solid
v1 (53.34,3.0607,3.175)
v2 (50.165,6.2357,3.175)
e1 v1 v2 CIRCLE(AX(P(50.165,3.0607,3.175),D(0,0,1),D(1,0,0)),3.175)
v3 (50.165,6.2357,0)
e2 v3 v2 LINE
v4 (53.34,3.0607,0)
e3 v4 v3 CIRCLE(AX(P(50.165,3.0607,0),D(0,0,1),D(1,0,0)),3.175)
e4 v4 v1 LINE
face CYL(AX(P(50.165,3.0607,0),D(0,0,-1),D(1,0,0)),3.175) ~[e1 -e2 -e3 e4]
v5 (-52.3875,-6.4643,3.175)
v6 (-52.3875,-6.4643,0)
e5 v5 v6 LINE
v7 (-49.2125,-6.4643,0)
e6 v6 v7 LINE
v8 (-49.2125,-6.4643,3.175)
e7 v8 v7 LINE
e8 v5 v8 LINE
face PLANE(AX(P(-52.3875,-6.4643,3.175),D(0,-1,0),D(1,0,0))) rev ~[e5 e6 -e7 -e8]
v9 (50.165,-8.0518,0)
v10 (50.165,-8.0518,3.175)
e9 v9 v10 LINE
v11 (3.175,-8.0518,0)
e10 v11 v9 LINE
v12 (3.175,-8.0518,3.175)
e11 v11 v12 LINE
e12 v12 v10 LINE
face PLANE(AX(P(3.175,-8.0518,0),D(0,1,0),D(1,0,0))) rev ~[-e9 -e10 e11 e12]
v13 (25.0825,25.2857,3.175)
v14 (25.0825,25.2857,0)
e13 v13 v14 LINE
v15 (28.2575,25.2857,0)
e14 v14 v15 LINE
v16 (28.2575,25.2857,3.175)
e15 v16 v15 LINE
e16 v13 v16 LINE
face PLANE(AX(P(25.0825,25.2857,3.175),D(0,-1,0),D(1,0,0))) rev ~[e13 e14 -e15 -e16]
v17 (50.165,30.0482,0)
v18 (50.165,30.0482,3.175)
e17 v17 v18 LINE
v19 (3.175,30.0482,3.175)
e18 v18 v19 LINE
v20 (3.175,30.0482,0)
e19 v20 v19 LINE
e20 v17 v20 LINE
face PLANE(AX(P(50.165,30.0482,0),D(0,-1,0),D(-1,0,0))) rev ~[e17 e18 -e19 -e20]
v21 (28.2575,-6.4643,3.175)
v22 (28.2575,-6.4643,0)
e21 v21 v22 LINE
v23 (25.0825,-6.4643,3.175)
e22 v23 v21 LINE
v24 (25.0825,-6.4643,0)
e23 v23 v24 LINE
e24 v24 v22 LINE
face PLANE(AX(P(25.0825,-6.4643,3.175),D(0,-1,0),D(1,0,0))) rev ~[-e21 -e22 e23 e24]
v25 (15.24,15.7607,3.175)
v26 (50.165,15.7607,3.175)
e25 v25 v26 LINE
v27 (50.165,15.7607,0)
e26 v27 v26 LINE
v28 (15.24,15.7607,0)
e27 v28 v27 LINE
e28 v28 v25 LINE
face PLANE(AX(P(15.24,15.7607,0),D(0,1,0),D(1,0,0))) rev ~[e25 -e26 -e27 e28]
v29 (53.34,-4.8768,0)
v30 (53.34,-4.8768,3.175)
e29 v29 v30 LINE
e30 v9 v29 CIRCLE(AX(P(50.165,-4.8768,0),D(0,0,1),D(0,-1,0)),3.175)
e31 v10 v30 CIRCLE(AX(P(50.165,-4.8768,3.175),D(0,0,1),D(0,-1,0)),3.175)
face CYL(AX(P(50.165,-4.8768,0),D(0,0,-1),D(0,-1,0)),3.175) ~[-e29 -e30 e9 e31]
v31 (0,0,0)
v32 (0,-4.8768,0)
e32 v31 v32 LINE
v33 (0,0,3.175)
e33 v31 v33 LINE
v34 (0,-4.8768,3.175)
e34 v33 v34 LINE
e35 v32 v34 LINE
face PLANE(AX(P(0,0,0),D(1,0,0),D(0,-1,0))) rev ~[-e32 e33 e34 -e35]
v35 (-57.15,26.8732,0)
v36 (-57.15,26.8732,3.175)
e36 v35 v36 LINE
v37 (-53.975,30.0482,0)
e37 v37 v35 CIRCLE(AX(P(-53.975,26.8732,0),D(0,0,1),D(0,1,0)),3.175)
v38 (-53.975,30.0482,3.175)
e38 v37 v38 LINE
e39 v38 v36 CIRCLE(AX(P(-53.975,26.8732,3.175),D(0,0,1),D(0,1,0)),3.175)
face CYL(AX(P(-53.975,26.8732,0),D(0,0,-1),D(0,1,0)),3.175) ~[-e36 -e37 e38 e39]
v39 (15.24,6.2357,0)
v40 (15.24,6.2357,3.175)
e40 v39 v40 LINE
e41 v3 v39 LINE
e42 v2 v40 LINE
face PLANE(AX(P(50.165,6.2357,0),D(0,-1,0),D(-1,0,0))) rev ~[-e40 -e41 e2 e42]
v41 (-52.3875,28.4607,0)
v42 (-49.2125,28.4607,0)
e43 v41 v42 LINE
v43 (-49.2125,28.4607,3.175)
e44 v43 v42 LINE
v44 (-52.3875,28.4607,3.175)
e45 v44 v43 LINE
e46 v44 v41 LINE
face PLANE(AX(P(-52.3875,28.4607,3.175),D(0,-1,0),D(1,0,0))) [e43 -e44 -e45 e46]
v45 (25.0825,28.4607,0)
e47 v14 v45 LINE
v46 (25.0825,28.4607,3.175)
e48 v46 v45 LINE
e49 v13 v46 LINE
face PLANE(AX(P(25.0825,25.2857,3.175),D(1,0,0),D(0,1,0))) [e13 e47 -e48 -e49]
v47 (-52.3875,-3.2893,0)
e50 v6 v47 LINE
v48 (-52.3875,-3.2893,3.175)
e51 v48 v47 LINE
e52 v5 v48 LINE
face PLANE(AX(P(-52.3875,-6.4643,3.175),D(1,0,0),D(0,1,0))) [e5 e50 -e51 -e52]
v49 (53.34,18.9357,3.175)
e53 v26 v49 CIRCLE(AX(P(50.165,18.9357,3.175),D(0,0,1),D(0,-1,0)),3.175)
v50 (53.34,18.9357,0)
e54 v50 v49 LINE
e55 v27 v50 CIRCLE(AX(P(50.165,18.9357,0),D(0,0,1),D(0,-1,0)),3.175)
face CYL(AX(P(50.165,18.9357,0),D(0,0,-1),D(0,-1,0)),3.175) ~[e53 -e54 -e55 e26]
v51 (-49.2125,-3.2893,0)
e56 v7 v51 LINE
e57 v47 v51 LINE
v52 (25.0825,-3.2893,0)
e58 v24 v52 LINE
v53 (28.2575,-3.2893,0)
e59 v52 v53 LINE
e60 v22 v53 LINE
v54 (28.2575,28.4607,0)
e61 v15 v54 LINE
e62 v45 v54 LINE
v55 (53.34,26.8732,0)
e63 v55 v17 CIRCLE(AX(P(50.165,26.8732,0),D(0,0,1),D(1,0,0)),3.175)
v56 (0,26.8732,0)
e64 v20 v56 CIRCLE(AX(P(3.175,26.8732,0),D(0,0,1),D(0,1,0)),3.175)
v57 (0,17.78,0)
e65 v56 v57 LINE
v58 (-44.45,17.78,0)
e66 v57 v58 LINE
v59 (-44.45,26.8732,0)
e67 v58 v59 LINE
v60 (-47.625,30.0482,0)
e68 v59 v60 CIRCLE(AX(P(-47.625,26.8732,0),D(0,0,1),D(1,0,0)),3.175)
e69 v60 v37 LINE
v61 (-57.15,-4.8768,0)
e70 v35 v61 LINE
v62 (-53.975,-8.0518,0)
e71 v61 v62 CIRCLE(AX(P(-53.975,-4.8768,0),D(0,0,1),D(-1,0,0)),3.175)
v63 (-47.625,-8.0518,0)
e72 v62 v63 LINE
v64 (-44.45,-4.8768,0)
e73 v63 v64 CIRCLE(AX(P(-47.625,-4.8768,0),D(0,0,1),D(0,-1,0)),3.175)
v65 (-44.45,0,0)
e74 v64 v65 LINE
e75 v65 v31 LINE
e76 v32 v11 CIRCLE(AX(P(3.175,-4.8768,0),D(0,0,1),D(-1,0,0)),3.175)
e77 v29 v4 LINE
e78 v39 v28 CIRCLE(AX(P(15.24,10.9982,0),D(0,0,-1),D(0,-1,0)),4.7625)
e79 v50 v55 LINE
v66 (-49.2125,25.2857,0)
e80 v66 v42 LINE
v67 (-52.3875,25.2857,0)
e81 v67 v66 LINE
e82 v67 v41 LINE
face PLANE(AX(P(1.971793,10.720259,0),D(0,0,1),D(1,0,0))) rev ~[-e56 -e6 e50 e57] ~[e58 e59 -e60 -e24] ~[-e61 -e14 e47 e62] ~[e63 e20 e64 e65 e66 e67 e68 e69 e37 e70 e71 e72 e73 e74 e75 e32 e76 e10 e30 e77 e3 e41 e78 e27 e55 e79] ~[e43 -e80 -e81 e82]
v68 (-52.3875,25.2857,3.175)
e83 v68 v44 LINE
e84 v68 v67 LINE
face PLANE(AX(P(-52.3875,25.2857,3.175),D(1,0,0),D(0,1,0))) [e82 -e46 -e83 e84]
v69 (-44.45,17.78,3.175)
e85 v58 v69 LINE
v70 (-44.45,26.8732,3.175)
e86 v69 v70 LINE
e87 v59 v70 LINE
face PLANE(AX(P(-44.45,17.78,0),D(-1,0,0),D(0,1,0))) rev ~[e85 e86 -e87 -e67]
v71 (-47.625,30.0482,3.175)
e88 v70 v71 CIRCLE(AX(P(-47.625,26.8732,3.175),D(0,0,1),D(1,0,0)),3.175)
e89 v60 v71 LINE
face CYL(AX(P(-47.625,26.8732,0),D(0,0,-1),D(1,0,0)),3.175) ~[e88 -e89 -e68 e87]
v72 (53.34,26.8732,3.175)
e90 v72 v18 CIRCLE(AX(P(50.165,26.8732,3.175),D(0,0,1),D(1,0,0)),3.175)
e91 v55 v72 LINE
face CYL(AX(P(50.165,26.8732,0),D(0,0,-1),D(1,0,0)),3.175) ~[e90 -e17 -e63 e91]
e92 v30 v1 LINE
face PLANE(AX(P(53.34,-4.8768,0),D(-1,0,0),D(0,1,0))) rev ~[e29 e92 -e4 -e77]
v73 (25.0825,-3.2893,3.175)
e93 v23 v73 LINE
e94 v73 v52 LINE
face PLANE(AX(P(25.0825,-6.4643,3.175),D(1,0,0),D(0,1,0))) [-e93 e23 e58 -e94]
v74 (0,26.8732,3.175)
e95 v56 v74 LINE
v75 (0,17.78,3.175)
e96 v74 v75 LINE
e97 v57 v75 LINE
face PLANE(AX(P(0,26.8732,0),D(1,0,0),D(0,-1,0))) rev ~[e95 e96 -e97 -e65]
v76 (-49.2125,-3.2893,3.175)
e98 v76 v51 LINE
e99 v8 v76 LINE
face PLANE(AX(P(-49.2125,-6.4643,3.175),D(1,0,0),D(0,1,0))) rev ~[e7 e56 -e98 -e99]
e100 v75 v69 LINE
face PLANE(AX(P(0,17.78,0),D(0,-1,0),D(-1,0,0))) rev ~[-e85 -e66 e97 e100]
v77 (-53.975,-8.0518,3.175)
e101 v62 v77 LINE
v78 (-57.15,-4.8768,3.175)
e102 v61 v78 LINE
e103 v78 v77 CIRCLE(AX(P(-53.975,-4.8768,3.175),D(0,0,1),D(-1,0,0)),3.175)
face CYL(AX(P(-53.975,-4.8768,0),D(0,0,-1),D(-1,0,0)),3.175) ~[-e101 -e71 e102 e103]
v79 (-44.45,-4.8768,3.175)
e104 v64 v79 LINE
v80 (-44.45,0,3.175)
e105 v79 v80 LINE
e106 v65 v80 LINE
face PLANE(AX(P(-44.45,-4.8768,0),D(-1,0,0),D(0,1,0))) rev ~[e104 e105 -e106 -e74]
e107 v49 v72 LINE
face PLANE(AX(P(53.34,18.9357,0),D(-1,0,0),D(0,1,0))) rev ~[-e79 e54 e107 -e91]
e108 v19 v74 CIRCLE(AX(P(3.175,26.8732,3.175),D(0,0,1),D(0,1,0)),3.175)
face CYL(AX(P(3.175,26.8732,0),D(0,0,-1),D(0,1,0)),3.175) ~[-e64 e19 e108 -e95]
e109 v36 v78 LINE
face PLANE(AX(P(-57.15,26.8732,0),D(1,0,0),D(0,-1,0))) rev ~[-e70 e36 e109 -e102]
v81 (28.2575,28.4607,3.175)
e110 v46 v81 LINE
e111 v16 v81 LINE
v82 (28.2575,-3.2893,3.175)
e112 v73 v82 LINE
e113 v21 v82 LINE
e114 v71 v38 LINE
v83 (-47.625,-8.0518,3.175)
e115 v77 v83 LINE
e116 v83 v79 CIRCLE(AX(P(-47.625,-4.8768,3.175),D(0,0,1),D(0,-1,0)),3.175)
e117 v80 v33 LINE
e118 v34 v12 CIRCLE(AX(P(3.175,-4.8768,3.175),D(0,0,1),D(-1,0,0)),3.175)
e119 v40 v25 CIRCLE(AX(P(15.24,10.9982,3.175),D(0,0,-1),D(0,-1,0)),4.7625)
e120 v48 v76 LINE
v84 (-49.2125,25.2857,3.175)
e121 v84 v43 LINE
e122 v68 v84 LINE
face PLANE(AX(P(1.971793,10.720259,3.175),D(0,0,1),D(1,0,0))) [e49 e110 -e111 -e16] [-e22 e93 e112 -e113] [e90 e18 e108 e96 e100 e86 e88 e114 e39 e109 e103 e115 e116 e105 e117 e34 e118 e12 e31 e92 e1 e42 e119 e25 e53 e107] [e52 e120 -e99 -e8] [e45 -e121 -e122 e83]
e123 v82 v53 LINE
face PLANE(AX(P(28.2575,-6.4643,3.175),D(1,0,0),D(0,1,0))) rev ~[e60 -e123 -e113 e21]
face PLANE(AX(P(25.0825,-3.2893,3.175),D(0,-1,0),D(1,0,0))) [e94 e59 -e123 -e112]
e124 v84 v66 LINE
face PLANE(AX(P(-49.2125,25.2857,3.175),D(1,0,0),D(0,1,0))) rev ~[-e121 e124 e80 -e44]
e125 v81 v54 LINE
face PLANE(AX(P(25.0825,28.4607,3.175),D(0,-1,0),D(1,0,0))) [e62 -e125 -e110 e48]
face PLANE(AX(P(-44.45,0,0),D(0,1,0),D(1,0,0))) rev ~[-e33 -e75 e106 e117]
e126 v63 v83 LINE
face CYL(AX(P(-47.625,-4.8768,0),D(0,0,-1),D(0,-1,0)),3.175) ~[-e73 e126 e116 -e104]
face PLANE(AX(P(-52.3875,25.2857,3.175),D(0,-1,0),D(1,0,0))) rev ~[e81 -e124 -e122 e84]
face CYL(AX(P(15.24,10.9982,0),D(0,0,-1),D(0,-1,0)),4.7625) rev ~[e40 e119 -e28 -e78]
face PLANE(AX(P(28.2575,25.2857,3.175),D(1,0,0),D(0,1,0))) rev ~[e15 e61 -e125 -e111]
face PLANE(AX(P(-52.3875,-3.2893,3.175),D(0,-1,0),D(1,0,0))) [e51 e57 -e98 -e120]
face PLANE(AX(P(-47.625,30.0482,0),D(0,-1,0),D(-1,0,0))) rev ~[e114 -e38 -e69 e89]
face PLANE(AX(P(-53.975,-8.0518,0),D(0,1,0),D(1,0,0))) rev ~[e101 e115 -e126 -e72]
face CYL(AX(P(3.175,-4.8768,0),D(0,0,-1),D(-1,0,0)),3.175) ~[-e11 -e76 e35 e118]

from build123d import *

# Parameters (mm, degrees)
BOSS_EXTRUDE1_DEPTH     = 3.175
SKETCH2_W               = 3.175
SKETCH2_H               = 3.175
CUT_EXTRUDE1_DEPTH      = 1
CUT_EXTRUDE1_DEPTH_BACK = 4.175


with BuildPart() as part:
    # Sketch1 → Boss-Extrude1 (new body)
    with BuildSketch(Plane.XY):
        with BuildLine():
            Line((15.24, 15.7607), (50.165, 15.7607))
            ThreePointArc((50.165, 15.7607), (52.41006403, 16.69063597), (53.34, 18.9357))
            Line((53.34, 18.9357), (53.34, 26.8732))
            ThreePointArc((53.34, 26.8732), (52.41006403, 29.11826403), (50.165, 30.0482))
            Line((50.165, 30.0482), (3.175, 30.0482))
            ThreePointArc((3.175, 30.0482), (0.92993597, 29.11826403), (0, 26.8732))
            Line((0, 26.8732), (0, 17.78))
            Line((0, 17.78), (-44.45, 17.78))
            Line((-44.45, 17.78), (-44.45, 26.8732))
            ThreePointArc((-44.45, 26.8732), (-45.37993597, 29.11826403), (-47.625, 30.0482))
            Line((-47.625, 30.0482), (-53.975, 30.0482))
            ThreePointArc((-53.975, 30.0482), (-56.22006403, 29.11826403), (-57.15, 26.8732))
            Line((-57.15, 26.8732), (-57.15, -4.8768))
            ThreePointArc((-57.15, -4.8768), (-56.22006403, -7.12186403), (-53.975, -8.0518))
            Line((-53.975, -8.0518), (-47.625, -8.0518))
            ThreePointArc((-47.625, -8.0518), (-45.37993597, -7.12186403), (-44.45, -4.8768))
            Line((-44.45, -4.8768), (-44.45, 0))
            Line((-44.45, 0), (0, 0))
            Line((0, 0), (0, -4.8768))
            ThreePointArc((0, -4.8768), (0.92993597, -7.12186403), (3.175, -8.0518))
            Line((3.175, -8.0518), (50.165, -8.0518))
            ThreePointArc((50.165, -8.0518), (52.41006403, -7.12186403), (53.34, -4.8768))
            Line((53.34, -4.8768), (53.34, 3.0607))
            ThreePointArc((53.34, 3.0607), (52.41006403, 5.30576403), (50.165, 6.2357))
            Line((50.165, 6.2357), (15.24, 6.2357))
            ThreePointArc((15.24, 6.2357), (10.4775, 10.9982), (15.24, 15.7607))
        make_face()
    extrude(amount=BOSS_EXTRUDE1_DEPTH)

    # Sketch2 → Cut-Extrude1 (cut, two sides)
    with BuildSketch(Plane.XY.offset(3.175)) as cut_extrude1_sk:
        with Locations((26.67, -4.8768)):
            Rectangle(SKETCH2_W, SKETCH2_H)
        with Locations((-50.8, 26.8732)):
            Rectangle(SKETCH2_W, SKETCH2_H)
        with Locations((26.67, 26.8732)):
            Rectangle(SKETCH2_W, SKETCH2_H)
        with Locations((-50.8, -4.8768)):
            Rectangle(SKETCH2_W, SKETCH2_H)
    extrude(amount=CUT_EXTRUDE1_DEPTH, mode=Mode.SUBTRACT)
    extrude(cut_extrude1_sk.sketch, amount=-CUT_EXTRUDE1_DEPTH_BACK, mode=Mode.SUBTRACT)


solid = part.part
